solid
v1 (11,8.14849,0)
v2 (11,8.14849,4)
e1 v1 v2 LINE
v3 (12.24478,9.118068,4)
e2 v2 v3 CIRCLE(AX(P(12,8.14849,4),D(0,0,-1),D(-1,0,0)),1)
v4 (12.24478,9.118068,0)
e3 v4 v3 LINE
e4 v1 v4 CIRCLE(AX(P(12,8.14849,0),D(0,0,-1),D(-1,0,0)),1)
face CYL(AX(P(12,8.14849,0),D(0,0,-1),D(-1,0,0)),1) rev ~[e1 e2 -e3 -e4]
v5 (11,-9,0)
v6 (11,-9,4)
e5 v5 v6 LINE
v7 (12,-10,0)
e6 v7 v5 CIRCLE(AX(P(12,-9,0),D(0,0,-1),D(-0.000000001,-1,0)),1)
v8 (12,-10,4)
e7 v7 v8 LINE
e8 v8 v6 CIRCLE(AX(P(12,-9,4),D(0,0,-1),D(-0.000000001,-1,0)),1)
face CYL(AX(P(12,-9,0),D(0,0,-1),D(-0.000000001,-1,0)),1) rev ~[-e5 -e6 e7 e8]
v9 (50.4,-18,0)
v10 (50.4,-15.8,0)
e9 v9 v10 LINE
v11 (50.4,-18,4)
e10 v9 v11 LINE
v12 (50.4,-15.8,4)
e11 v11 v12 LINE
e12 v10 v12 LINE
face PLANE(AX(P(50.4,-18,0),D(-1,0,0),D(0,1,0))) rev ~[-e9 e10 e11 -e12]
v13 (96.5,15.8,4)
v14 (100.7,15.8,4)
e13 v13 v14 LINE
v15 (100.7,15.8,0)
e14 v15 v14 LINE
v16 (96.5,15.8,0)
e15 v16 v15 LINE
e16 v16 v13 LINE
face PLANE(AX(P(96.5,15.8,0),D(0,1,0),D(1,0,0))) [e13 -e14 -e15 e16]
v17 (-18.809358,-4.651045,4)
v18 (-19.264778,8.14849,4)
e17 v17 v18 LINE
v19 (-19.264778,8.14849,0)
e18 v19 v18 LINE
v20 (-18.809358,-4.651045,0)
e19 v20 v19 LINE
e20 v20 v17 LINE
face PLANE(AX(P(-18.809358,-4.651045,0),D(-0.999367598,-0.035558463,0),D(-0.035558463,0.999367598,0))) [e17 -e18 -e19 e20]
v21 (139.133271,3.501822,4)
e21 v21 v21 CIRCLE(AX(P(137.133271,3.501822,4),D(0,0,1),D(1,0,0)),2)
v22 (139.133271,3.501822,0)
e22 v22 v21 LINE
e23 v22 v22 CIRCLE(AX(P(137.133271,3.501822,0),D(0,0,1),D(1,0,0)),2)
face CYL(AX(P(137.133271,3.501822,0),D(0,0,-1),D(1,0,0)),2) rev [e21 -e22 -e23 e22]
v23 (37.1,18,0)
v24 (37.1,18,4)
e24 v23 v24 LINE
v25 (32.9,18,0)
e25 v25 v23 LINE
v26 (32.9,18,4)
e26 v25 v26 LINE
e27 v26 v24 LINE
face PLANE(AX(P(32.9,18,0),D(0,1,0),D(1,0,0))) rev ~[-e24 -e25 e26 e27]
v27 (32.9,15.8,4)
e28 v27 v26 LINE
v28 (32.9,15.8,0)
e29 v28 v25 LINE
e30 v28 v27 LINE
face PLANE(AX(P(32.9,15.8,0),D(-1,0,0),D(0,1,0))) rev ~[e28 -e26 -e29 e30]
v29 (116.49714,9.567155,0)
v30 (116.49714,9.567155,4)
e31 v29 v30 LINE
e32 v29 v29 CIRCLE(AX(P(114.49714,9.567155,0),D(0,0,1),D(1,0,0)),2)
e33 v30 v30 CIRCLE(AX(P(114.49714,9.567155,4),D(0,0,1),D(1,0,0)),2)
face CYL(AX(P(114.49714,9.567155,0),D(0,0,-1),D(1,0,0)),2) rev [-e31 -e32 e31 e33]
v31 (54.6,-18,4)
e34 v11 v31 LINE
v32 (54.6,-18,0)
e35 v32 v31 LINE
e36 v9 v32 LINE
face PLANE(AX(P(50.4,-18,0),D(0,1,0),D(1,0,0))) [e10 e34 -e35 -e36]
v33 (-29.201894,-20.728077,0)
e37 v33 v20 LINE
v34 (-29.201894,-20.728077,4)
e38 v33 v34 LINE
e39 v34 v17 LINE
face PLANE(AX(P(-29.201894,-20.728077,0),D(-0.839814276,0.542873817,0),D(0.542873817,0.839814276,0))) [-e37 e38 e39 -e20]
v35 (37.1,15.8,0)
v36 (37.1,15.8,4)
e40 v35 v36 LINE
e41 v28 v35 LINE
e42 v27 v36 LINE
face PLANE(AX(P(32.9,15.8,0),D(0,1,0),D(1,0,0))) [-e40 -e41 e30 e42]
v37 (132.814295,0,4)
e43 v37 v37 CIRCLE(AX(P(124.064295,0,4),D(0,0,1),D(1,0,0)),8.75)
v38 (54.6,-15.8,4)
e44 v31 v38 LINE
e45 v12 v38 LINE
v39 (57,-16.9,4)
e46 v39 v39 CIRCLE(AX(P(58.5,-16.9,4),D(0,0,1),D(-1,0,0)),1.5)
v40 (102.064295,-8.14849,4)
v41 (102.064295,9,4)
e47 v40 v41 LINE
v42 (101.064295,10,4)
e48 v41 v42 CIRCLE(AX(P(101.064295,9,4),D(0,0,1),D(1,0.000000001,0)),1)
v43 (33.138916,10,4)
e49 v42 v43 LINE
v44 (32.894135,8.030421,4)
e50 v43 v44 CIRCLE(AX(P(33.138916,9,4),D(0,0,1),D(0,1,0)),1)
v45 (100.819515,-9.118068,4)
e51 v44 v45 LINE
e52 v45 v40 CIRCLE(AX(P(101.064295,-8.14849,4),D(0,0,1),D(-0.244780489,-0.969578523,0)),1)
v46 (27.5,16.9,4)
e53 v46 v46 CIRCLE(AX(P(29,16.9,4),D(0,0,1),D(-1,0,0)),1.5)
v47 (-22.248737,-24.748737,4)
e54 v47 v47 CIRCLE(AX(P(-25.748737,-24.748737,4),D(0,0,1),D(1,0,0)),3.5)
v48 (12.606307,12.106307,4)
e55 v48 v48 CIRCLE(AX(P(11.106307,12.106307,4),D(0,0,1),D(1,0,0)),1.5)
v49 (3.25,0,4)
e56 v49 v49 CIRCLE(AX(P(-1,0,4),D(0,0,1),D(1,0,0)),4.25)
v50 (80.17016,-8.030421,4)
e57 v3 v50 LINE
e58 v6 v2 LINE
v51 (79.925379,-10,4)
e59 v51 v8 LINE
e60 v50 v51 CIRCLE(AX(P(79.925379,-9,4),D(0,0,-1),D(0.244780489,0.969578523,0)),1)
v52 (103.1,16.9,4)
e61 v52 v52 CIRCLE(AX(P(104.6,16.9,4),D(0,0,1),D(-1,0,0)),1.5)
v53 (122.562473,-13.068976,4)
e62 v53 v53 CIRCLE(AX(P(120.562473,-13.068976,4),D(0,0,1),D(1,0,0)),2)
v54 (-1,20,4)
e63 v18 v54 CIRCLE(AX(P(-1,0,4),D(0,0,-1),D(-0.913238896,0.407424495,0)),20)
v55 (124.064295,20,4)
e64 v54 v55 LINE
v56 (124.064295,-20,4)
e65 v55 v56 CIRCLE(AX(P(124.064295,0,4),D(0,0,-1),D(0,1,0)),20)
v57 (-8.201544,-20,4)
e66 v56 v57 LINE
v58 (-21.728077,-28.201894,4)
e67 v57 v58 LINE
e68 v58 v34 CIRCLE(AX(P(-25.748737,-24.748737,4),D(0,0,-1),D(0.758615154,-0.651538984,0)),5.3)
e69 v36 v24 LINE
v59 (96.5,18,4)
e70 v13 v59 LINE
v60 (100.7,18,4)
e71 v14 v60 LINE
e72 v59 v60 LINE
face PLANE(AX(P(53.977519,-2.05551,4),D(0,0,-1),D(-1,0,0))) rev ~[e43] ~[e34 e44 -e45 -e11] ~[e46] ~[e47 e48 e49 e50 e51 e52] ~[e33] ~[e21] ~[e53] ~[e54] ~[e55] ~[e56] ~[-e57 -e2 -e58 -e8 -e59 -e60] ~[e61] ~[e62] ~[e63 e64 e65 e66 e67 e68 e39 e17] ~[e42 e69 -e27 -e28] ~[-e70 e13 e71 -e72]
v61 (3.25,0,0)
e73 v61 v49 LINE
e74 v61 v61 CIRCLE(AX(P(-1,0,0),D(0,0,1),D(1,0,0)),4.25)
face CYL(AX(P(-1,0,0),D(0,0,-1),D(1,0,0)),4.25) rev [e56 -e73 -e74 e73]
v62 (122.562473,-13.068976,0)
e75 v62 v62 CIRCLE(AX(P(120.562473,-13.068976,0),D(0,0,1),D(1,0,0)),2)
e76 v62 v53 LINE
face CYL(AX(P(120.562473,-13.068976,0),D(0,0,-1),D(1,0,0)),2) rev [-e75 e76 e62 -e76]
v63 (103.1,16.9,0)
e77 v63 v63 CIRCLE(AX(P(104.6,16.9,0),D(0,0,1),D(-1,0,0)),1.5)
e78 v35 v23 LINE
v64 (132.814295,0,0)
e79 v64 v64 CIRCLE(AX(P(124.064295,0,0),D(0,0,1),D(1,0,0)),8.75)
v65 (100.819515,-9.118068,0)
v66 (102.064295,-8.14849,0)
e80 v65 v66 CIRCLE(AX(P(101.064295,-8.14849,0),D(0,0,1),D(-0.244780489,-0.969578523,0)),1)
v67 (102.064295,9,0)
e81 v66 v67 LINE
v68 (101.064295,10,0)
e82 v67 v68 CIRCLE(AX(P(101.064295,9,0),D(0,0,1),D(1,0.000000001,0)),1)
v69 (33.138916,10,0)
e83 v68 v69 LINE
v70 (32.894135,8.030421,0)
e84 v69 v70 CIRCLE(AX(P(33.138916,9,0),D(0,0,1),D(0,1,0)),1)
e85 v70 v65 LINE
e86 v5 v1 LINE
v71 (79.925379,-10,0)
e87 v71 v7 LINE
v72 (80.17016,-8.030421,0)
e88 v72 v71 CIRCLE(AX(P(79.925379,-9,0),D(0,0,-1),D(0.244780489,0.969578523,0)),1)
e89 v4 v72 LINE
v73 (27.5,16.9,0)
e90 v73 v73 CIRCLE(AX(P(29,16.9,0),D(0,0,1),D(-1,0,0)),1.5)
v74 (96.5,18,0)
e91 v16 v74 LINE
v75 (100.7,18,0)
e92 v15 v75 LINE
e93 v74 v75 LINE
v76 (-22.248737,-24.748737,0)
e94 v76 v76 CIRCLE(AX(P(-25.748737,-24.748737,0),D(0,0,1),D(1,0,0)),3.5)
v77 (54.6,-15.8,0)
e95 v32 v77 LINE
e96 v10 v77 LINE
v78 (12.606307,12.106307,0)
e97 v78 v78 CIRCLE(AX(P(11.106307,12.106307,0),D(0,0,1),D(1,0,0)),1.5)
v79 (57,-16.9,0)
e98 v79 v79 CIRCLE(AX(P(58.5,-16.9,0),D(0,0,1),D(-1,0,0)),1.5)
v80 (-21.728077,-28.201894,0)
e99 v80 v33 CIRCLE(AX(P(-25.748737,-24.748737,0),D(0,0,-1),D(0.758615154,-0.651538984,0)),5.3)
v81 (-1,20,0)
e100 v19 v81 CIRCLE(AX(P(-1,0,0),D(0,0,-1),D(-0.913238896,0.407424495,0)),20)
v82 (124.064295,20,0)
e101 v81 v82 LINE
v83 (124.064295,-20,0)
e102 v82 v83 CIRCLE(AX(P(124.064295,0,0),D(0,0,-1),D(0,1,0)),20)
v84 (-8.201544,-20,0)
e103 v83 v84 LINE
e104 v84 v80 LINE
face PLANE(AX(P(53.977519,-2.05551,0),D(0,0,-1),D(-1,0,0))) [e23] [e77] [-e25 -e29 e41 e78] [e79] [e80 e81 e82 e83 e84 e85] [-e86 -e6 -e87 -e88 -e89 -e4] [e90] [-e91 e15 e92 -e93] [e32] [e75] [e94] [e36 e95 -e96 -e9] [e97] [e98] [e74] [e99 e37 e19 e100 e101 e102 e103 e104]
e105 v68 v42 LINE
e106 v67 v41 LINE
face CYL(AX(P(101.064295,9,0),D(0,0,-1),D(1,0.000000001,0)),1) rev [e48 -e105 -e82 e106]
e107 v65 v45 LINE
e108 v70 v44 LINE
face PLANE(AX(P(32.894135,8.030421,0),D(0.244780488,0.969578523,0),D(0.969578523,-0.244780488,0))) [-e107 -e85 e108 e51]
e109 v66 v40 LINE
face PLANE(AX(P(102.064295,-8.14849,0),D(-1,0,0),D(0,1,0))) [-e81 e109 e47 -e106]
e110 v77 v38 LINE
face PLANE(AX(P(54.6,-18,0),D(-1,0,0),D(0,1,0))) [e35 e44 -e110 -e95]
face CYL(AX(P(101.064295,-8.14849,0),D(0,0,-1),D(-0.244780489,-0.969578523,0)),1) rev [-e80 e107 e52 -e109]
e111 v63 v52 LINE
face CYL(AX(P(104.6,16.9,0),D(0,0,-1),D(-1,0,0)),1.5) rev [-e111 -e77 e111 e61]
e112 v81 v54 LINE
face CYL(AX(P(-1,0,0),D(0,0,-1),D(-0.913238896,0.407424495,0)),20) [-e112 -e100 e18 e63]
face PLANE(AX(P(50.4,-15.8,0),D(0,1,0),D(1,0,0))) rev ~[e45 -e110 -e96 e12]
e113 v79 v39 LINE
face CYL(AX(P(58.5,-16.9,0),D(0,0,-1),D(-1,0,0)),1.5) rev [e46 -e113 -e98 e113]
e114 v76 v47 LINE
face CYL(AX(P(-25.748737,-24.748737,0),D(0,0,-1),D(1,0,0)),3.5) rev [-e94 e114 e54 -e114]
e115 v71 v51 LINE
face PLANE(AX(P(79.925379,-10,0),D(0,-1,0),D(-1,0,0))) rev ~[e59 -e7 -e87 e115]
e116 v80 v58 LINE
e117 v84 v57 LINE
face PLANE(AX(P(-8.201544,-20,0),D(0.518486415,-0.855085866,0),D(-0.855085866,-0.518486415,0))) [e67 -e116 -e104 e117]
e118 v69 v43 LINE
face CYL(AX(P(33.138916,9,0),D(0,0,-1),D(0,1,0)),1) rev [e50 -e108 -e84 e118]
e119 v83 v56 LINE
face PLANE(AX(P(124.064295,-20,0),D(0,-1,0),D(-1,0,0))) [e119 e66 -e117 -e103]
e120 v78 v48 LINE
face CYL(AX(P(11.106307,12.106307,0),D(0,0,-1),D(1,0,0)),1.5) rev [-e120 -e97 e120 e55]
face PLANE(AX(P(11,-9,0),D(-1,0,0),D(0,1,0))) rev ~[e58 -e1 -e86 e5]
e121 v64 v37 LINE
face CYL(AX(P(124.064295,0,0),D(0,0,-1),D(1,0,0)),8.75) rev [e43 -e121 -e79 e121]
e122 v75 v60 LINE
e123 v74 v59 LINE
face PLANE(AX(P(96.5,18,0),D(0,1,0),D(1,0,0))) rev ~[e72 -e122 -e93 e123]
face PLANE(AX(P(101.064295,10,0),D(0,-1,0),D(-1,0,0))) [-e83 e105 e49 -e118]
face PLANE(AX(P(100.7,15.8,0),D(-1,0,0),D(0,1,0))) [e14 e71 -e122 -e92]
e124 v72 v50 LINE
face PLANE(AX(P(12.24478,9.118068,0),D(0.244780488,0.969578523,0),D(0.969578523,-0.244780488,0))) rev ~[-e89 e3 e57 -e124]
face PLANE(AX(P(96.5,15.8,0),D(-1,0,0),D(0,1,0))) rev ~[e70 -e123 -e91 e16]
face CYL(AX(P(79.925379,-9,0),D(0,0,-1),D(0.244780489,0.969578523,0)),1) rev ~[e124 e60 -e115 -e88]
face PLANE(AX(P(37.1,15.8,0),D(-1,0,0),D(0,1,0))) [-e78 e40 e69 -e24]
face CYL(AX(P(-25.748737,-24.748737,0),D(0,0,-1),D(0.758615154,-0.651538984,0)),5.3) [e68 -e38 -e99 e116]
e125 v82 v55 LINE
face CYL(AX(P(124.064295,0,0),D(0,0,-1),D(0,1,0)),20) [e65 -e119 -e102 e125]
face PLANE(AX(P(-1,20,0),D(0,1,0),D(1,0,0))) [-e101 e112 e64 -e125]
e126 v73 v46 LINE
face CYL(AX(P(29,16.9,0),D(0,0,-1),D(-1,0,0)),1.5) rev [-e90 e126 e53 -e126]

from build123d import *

# Parameters (mm, degrees)
SKETCH_1_R      = 4.25
SKETCH_1_R_2    = 8.75
SKETCH_1_R_3    = 2
SKETCH_1_R_4    = 1.5
SKETCH_1_R_5    = 3.5
SKETCH_1_W      = 4.2
SKETCH_1_H      = 2.2
EXTRUDE_1_DEPTH = 4


with BuildPart() as part:
    # 草图1 → 凸台-拉伸1 (new body)
    with BuildSketch(Plane.XY):
        with BuildLine():
            Line((-1, 20), (124.064295006, 20))
            ThreePointArc((124.064295006, 20), (144.064295006, 0), (124.064295006, -20))
            Line((124.064295006, -20), (10.014533743, -20))
            Line((10.014533743, -20), (-8.201544029, -20))
            Line((-8.201544029, -20), (-21.728077025, -28.201893958))
            ThreePointArc((-21.728077025, -28.201893958), (-29.496403282, -28.496403282), (-29.201893958, -20.728077025))
            Line((-29.201893958, -20.728077025), (-18.809358134, -4.651044611))
            Line((-18.809358134, -4.651044611), (-19.264777912, 8.14848991))
            ThreePointArc((-19.264777912, 8.14848991), (-11.886464114, 16.777511708), (-1, 20))
        make_face()
        with Locations((-1, 0)):
            Circle(SKETCH_1_R, mode=Mode.SUBTRACT)
        with Locations((124.064295006, 0)):
            Circle(SKETCH_1_R_2, mode=Mode.SUBTRACT)
        with Locations((114.497140256, 9.567154749)):
            Circle(SKETCH_1_R_3, mode=Mode.SUBTRACT)
        with Locations((137.133271435, 3.50182168)):
            Circle(SKETCH_1_R_3, mode=Mode.SUBTRACT)
        with Locations((120.562473325, -13.06897643)):
            Circle(SKETCH_1_R_3, mode=Mode.SUBTRACT)
        with Locations(Location((29, 16.9, 0), (0, 0, 180))):
            Circle(SKETCH_1_R_4, mode=Mode.SUBTRACT)
        with Locations(Location((104.6, 16.9, 0), (0, 0, 180))):
            Circle(SKETCH_1_R_4, mode=Mode.SUBTRACT)
        with Locations((-25.748737342, -24.748737342)):
            Circle(SKETCH_1_R_5, mode=Mode.SUBTRACT)
        with Locations((11.106307295, 12.106307295)):
            Circle(SKETCH_1_R_4, mode=Mode.SUBTRACT)
        with Locations(Location((58.5, -16.9, 0), (0, 0, 180))):
            Circle(SKETCH_1_R_4, mode=Mode.SUBTRACT)
        with BuildLine():
            Line((32.894135197, 8.030421477), (100.819514517, -9.118068433))
            ThreePointArc((100.819514517, -9.118068433), (101.678794604, -8.937407044), (102.064295006, -8.14848991))
            Line((102.064295006, -8.14848991), (102.064295006, 9))
            ThreePointArc((102.064295006, 9), (101.771401787, 9.707106781), (101.064295006, 10))
            Line((101.064295006, 10), (33.138915685, 10))
            ThreePointArc((33.138915685, 10), (32.146550197, 9.123331822), (32.894135197, 8.030421477))
        make_face(mode=Mode.SUBTRACT)
        with BuildLine():
            Line((12.244780488, 9.118068433), (80.170159809, -8.030421477))
            ThreePointArc((80.170159809, -8.030421477), (80.917744808, -9.123331822), (79.925379321, -10))
            Line((79.925379321, -10), (12, -10))
            ThreePointArc((12, -10), (11.292893219, -9.707106781), (11, -9))
            Line((11, -9), (11, 8.14848991))
            ThreePointArc((11, 8.14848991), (11.385500402, 8.937407044), (12.244780488, 9.118068433))
        make_face(mode=Mode.SUBTRACT)
        with Locations((35, 16.9)):
            Rectangle(SKETCH_1_W, SKETCH_1_H, mode=Mode.SUBTRACT)
        with Locations((98.6, 16.9)):
            Rectangle(SKETCH_1_W, SKETCH_1_H, mode=Mode.SUBTRACT)
        with Locations((52.5, -16.9)):
            Rectangle(SKETCH_1_W, SKETCH_1_H, mode=Mode.SUBTRACT)
    extrude(amount=EXTRUDE_1_DEPTH)


solid = part.part
